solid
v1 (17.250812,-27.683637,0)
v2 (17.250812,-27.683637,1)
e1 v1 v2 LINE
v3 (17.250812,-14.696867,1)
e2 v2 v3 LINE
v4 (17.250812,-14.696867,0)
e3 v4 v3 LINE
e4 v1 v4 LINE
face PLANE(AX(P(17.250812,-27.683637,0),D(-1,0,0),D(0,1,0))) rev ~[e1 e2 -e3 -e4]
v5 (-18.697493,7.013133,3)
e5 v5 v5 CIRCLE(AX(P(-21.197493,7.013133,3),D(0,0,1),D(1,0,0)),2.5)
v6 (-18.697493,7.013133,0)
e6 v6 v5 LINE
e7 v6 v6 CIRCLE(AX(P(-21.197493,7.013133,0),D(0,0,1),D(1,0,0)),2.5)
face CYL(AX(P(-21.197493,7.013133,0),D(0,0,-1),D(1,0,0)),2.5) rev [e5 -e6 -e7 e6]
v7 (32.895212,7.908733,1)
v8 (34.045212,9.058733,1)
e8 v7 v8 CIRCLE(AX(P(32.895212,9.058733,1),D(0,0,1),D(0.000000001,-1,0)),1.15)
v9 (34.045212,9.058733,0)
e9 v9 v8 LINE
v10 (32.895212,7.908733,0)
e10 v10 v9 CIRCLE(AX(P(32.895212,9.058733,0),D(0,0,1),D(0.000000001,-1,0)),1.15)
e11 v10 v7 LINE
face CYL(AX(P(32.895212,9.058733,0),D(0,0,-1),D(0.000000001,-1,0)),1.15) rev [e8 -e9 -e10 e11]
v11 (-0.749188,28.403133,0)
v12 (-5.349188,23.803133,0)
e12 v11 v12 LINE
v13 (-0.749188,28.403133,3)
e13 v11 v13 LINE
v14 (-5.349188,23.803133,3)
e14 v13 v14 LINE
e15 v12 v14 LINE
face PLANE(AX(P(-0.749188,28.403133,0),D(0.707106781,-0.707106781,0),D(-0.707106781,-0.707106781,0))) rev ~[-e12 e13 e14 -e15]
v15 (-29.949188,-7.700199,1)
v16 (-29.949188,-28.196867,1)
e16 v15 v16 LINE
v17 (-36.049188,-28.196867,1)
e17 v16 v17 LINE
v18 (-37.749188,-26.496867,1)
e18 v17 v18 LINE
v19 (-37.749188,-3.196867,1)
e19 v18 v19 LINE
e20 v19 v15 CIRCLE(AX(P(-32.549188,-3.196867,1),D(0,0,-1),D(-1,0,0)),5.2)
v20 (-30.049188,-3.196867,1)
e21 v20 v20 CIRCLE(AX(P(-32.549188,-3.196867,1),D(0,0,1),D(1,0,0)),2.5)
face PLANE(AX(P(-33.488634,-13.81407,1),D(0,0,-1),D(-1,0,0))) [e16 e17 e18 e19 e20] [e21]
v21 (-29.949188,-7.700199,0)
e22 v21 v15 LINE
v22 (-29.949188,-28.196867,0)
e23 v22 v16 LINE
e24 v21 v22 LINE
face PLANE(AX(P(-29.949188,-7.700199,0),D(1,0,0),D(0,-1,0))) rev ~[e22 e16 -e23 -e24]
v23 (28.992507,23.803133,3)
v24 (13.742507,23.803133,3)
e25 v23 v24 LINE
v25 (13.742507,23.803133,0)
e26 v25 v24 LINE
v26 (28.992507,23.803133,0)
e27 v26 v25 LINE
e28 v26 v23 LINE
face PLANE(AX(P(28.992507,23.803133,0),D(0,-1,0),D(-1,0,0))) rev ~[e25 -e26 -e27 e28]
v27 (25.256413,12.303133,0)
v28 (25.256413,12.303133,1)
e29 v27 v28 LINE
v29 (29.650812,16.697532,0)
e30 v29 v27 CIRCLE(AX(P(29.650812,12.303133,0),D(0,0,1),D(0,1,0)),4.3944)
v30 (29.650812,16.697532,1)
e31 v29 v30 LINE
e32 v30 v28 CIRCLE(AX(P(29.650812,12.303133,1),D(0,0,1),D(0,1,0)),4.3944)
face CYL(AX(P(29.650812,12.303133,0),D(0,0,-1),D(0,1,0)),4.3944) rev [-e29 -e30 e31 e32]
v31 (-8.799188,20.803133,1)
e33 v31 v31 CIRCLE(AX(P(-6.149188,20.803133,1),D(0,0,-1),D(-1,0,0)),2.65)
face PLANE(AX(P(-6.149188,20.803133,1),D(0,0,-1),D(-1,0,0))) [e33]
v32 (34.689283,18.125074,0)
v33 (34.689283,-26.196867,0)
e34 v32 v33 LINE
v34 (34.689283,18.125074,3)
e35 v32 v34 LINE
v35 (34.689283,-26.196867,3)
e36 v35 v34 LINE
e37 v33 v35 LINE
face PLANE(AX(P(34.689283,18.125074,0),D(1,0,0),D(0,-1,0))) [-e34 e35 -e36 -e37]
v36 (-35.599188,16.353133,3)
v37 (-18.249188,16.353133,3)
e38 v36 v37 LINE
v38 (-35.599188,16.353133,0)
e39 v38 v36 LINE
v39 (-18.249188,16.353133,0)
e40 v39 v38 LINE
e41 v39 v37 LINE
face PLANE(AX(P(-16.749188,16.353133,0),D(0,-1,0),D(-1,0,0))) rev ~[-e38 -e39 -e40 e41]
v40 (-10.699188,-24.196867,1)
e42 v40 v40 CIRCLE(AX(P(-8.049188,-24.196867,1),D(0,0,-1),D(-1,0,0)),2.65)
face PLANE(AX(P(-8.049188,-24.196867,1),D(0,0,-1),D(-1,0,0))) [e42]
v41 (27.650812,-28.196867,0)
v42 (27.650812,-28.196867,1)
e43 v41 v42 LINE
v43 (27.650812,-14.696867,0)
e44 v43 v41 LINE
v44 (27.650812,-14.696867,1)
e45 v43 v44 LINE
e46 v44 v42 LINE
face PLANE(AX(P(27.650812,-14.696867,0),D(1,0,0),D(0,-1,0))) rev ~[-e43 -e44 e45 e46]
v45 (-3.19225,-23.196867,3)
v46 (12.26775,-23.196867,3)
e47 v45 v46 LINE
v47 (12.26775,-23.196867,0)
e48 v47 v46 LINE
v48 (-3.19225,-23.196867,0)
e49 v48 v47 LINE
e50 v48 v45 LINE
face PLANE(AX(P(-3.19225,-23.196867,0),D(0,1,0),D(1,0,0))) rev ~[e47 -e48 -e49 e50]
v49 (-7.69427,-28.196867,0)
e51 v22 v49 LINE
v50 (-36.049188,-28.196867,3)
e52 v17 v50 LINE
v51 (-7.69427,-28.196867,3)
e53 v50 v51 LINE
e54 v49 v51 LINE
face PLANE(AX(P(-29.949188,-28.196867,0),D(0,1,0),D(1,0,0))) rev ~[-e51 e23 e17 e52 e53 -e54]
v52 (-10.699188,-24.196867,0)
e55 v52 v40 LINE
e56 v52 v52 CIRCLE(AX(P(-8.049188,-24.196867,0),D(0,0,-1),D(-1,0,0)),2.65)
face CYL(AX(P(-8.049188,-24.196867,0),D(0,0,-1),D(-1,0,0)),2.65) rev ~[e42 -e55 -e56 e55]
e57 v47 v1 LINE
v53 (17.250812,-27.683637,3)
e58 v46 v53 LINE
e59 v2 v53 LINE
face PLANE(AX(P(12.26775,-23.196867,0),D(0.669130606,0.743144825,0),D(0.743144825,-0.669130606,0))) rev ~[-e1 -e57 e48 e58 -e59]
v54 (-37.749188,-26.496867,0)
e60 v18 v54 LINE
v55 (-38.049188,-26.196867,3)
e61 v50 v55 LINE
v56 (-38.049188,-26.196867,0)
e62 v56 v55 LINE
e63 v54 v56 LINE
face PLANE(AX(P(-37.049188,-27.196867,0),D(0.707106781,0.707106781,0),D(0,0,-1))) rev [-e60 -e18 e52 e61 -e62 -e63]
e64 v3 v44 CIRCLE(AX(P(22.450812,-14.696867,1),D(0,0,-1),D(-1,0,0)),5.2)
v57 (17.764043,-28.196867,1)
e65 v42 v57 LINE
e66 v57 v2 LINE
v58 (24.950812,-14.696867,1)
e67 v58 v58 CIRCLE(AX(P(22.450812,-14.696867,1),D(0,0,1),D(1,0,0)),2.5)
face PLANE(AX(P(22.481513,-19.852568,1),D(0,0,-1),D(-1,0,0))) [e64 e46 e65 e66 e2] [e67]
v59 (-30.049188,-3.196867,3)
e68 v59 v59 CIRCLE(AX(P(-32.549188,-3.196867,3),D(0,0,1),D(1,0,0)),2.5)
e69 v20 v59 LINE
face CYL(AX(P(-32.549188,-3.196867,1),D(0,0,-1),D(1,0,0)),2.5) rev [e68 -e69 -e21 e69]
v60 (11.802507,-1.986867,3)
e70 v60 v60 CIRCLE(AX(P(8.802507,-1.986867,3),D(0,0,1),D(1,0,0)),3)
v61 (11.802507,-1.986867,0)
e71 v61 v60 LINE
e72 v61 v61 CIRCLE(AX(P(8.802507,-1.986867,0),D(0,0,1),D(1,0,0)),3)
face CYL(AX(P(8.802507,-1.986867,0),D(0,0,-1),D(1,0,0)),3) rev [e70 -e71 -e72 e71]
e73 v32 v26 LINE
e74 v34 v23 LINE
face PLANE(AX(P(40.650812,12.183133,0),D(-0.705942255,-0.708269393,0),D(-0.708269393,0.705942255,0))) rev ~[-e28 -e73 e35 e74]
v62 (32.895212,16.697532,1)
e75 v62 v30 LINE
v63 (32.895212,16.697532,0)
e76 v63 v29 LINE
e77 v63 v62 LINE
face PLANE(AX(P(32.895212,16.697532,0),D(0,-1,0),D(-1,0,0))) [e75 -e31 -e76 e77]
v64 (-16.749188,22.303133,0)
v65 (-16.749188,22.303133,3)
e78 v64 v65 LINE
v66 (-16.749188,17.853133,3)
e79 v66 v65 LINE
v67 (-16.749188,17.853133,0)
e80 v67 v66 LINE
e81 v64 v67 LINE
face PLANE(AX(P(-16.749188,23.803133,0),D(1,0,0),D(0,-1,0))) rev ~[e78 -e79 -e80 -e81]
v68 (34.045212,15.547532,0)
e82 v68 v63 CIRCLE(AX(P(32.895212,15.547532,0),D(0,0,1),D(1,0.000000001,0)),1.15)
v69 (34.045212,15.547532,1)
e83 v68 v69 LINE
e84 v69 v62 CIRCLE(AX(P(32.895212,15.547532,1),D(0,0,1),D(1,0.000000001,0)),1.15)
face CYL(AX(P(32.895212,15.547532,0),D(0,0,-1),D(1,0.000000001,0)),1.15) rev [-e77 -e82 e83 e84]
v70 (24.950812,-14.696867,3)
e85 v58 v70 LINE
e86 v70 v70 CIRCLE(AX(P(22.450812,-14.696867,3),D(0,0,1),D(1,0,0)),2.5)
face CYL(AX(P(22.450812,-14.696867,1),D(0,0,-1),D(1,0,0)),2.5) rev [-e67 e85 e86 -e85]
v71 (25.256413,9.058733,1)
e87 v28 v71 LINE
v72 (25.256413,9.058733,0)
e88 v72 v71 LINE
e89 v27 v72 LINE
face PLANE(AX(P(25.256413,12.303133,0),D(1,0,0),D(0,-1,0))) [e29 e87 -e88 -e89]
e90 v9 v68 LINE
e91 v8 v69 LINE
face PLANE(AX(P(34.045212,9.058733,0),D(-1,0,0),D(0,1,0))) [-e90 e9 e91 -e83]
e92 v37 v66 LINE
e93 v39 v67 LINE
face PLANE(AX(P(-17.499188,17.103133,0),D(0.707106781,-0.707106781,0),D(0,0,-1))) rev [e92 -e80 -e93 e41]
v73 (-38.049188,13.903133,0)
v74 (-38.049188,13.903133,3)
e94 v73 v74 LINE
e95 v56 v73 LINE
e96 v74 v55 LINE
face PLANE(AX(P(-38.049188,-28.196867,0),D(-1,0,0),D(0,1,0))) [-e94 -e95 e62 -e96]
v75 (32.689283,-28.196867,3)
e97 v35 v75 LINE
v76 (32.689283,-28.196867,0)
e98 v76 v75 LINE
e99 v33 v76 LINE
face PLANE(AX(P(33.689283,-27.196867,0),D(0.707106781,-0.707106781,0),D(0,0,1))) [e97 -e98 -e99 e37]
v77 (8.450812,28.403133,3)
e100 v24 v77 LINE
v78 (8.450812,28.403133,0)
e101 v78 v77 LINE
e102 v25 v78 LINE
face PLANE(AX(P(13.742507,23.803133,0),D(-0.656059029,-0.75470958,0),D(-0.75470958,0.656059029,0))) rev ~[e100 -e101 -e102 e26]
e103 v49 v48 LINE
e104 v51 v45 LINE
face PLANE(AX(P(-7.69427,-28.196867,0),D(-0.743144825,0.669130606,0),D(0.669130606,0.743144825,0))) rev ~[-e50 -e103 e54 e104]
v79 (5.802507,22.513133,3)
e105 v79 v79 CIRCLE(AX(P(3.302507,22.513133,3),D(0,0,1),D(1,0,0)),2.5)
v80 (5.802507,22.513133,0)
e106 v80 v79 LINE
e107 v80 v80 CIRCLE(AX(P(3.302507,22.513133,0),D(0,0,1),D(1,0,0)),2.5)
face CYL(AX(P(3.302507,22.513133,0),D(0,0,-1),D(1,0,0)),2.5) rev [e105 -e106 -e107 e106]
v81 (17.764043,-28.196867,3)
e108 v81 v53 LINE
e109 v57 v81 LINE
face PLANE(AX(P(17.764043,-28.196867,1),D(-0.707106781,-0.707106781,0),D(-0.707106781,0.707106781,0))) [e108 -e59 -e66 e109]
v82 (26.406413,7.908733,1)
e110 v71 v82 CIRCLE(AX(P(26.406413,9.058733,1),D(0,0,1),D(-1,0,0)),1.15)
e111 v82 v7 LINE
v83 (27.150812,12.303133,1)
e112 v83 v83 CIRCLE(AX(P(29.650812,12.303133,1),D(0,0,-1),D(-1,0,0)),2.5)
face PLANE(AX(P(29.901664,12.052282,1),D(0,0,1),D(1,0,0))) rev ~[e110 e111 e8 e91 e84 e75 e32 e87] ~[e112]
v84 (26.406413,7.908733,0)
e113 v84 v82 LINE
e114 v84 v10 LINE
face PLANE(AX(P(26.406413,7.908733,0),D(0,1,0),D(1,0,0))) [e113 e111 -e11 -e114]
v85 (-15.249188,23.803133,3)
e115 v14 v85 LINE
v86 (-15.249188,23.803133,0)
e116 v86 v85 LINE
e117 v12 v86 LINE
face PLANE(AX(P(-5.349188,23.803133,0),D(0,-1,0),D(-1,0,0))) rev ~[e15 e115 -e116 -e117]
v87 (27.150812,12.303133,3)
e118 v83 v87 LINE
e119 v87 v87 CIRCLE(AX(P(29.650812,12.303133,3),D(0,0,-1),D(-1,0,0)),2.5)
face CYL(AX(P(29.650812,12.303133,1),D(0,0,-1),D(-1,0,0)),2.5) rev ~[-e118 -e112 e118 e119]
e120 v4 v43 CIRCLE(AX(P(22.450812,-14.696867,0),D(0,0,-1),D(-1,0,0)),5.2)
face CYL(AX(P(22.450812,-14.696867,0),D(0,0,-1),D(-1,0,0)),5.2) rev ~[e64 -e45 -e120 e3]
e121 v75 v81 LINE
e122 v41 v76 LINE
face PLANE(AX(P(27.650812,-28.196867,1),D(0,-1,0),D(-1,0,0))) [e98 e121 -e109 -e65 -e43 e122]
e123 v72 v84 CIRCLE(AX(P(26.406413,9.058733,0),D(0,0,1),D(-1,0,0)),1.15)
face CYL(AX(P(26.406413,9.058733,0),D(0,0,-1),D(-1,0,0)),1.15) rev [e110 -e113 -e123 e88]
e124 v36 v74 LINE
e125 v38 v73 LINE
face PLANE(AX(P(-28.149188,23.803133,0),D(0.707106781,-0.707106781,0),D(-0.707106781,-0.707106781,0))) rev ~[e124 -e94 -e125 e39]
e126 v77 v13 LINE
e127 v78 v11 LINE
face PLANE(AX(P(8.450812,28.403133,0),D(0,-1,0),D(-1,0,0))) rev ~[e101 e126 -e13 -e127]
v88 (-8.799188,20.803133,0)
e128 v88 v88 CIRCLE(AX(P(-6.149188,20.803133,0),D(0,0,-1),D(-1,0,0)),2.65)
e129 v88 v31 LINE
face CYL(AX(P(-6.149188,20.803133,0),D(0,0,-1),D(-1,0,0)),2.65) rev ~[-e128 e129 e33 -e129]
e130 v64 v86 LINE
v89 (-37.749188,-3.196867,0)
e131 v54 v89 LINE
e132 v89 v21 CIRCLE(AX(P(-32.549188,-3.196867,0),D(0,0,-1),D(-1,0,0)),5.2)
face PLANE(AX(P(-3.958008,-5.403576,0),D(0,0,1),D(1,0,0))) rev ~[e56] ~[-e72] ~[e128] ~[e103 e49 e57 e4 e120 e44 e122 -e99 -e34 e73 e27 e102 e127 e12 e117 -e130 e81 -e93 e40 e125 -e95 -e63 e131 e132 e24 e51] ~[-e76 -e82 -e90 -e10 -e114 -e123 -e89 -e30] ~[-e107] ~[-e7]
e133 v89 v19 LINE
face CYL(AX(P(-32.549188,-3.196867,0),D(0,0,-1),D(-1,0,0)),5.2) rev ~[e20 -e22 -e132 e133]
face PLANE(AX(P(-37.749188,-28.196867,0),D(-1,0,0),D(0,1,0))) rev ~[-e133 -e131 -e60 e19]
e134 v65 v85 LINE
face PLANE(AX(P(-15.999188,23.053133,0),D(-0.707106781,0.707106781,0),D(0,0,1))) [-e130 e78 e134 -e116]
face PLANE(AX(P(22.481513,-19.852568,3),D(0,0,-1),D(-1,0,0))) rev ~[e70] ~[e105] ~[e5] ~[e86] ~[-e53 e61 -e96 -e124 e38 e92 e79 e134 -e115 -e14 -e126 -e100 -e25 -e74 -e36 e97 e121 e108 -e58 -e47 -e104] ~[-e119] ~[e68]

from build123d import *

# Parameters (mm, degrees)
SKETCH_1_R          = 3
SKETCH_1_R_2        = 2.5
EXTRUDE_1_DEPTH     = 3
EXTRUDE_START       = -2
SKETCH_3_R          = 2.5
EXTRUDE_3_DEPTH     = 2
SKETCH_7_R          = 2.65
CUT_EXTRUDE_1_DEPTH = 1
CHAMFER_1_SIZE      = 1
CUT_EXTRUDE_3_REACH = 53.614
SKETCH_10_R         = 2.5
CUT_EXTRUDE_4_REACH = 53.662
CHAMFER_2_SIZE      = 1.5
CUT_EXTRUDE_5_REACH = 53.662
CHAMFER_3_SIZE      = 2


with BuildPart() as part:
    # 스케치1 → 보스-돌출1 (new body)
    with BuildSketch(Plane.XY):
        with BuildLine():
            Line((-27.349187557, -28.196867314), (-7.694270353, -28.196867314))
            Line((-7.694270353, -28.196867314), (-3.192250131, -23.196867314))
            Line((-3.192250131, -23.196867314), (12.267749869, -23.196867314))
            Line((12.267749869, -23.196867314), (17.250812443, -27.683637009))
            Line((17.250812443, -27.683637009), (17.250812443, -14.696867314))
            ThreePointArc((17.250812443, -14.696867314), (22.450812443, -9.496867314), (27.650812443, -14.696867314))
            Line((27.650812443, -14.696867314), (27.650812443, -28.196867314))
            Line((27.650812443, -28.196867314), (40.650812443, -28.196867314))
            Line((40.650812443, -28.196867314), (40.650812443, 12.183132686))
            Line((40.650812443, 12.183132686), (28.992507116, 23.803132686))
            Line((28.992507116, 23.803132686), (13.742507116, 23.803132686))
            Line((13.742507116, 23.803132686), (8.450812443, 28.403132686))
            Line((8.450812443, 28.403132686), (-0.749187557, 28.403132686))
            Line((-0.749187557, 28.403132686), (-5.349187557, 23.803132686))
            Line((-5.349187557, 23.803132686), (-28.149187557, 23.803132686))
            Line((-28.149187557, 23.803132686), (-43.049187557, 8.903132686))
            Line((-43.049187557, 8.903132686), (-43.049187557, -28.196867314))
            Line((-43.049187557, -28.196867314), (-37.749187557, -28.196867314))
            Line((-37.749187557, -28.196867314), (-37.749187557, -3.196867314))
            ThreePointArc((-37.749187557, -3.196867314), (-29.949187557, 1.306464785), (-29.949187557, -7.700199414))
            Line((-29.949187557, -7.700199414), (-29.949187557, -28.196867314))
            Line((-29.949187557, -28.196867314), (-27.349187557, -28.196867314))
        make_face()
        with Locations((8.802507116, -1.986867314)):
            Circle(SKETCH_1_R, mode=Mode.SUBTRACT)
        with Locations((-21.197492884, 7.013132686)):
            Circle(SKETCH_1_R_2, mode=Mode.SUBTRACT)
        with Locations((3.302507116, 22.513132686)):
            Circle(SKETCH_1_R_2, mode=Mode.SUBTRACT)
    extrude(amount=EXTRUDE_1_DEPTH)

    # 스케치3 → 보스-돌출3 (add)
    # profile 1 of 2: a face of its own
    with BuildSketch(Plane.XY.offset(3).offset(EXTRUDE_START)):
        with BuildLine():
            Line((27.650812443, -14.696867314), (27.650812443, -28.196867314))
            Line((27.650812443, -28.196867314), (17.764042748, -28.196867314))
            Line((17.764042748, -28.196867314), (17.250812443, -27.683637009))
            Line((17.250812443, -27.683637009), (17.250812443, -14.696867314))
            ThreePointArc((17.250812443, -14.696867314), (22.450812443, -9.496867314), (27.650812443, -14.696867314))
        make_face()
        with Locations((22.450812443, -14.696867314)):
            Circle(SKETCH_3_R, mode=Mode.SUBTRACT)
    # profile 2 of 2: a face of its own
    with BuildSketch(Plane.XY.offset(3).offset(EXTRUDE_START)):
        with BuildLine():
            Line((-29.949187557, -7.700199414), (-29.949187557, -28.196867314))
            Line((-29.949187557, -28.196867314), (-30.049187557, -28.196867314))
            Line((-30.049187557, -28.196867314), (-37.749187557, -28.196867314))
            Line((-37.749187557, -28.196867314), (-37.749187557, -3.196867314))
            ThreePointArc((-37.749187557, -3.196867314), (-29.949187557, 1.306464785), (-29.949187557, -7.700199414))
        make_face()
        with Locations((-32.549187557, -3.196867314)):
            Circle(SKETCH_3_R, mode=Mode.SUBTRACT)
    extrude(amount=EXTRUDE_3_DEPTH)

    # 스케치7 → 컷-돌출1 (cut)
    with BuildSketch(Plane(origin=(0, 0, 0), x_dir=(-1, 0, 0), z_dir=(0, 0, -1))):
        with Locations((6.149187557, 20.803132686)):
            Circle(SKETCH_7_R)
        with Locations((8.049187557, -24.196867314)):
            Circle(SKETCH_7_R)
        with BuildLine():
            Line((-26.406412787, 7.908733029), (-32.895212099, 7.908733029))
            ThreePointArc((-32.895212099, 7.908733029), (-33.708384897, 8.245560231), (-34.045212099, 9.058733029))
            Line((-34.045212099, 9.058733029), (-34.045212099, 15.547532342))
            ThreePointArc((-34.045212099, 15.547532342), (-33.708384897, 16.36070514), (-32.895212099, 16.697532342))
            Line((-32.895212099, 16.697532342), (-29.650812443, 16.697532342))
            ThreePointArc((-29.650812443, 16.697532342), (-26.543502647, 15.410442482), (-25.256412787, 12.303132686))
            Line((-25.256412787, 12.303132686), (-25.256412787, 9.058733029))
            ThreePointArc((-25.256412787, 9.058733029), (-25.593239988, 8.245560231), (-26.406412787, 7.908733029))
        make_face()
    extrude(amount=-CUT_EXTRUDE_1_DEPTH, mode=Mode.SUBTRACT)

    # 모따기1
    chamfer_1_edges = [part.edges().sort_by_distance(p)[0] for p in [
        (-43.049187557, -28.196867314, 1.5),
        (40.650812443, -28.196867314, 1.5),
    ]]
    chamfer(chamfer_1_edges, length=CHAMFER_1_SIZE)

    # 스케치10 → 컷-돌출3 (cut, up to next)
    with BuildSketch(Plane(origin=(0, 0, 1), x_dir=(-1, 0, 0), z_dir=(0, 0, -1)), mode=Mode.PRIVATE) as cut_extrude_3_sk1:
        with Locations((-29.650812443, 12.303132686)):
            Circle(SKETCH_10_R)
    cut_extrude_3_tool1 = extrude(cut_extrude_3_sk1.sketch, amount=-CUT_EXTRUDE_3_REACH, mode=Mode.PRIVATE) & part.part
    add(cut_extrude_3_tool1.solids().sort_by_distance((29.650812, 12.303133, 1))[0], mode=Mode.SUBTRACT)

    # 스케치12 → 컷-돌출4 (cut, up to next)
    with BuildSketch(Plane(origin=(0, 0, 0), x_dir=(-1, 0, 0), z_dir=(0, 0, -1)), mode=Mode.PRIVATE) as cut_extrude_4_sk1:
        Polygon((16.749187557, 23.803132686), (16.749187557, 16.353132686), (35.599187557, 16.353132686), (28.149187557, 23.803132686), align=None)
    cut_extrude_4_tool1 = extrude(cut_extrude_4_sk1.sketch, amount=-CUT_EXTRUDE_4_REACH, mode=Mode.PRIVATE) & part.part
    add(cut_extrude_4_tool1.solids().sort_by_distance((-24.464587, 19.772334, 0))[0], mode=Mode.SUBTRACT)

    # 모따기2
    chamfer_2_edges = [part.edges().sort_by_distance(p)[0] for p in [
        (-16.749187557, 23.803132686, 1.5),
        (-16.749187557, 16.353132686, 1.5),
    ]]
    chamfer(chamfer_2_edges, length=CHAMFER_2_SIZE)

    # 스케치13 → 컷-돌출5 (cut, up to next)
    with BuildSketch(Plane(origin=(0, 0, 0), x_dir=(-1, 0, 0), z_dir=(0, 0, -1)), mode=Mode.PRIVATE) as cut_extrude_5_sk1:
        Polygon((-34.689283113, 18.125074406), (-34.689283113, -28.196867314), (-39.650812443, -28.196867314), (-40.650812443, -27.196867314), (-40.650812443, 12.183132686), align=None)
    cut_extrude_5_tool1 = extrude(cut_extrude_5_sk1.sketch, amount=-CUT_EXTRUDE_5_REACH, mode=Mode.PRIVATE) & part.part
    # 스케치13 → 컷-돌출5 (cut, up to next)
    with BuildSketch(Plane(origin=(0, 0, 0), x_dir=(-1, 0, 0), z_dir=(0, 0, -1)), mode=Mode.PRIVATE) as cut_extrude_5_sk2:
        Polygon((38.049187557, 13.903132686), (43.049187557, 8.903132686), (43.049187557, -27.196867314), (42.049187557, -28.196867314), (38.049187557, -28.196867314), align=None)
    cut_extrude_5_tool2 = extrude(cut_extrude_5_sk2.sketch, amount=-CUT_EXTRUDE_5_REACH, mode=Mode.PRIVATE) & part.part
    add(cut_extrude_5_tool1.solids().sort_by_distance((37.59669, -6.446011, 0))[0], mode=Mode.SUBTRACT)
    add(cut_extrude_5_tool2.solids().sort_by_distance((-40.49096, -8.321213, 0))[0], mode=Mode.SUBTRACT)

    # 모따기3
    chamfer_3_edges = [part.edges().sort_by_distance(p)[0] for p in [
        (-38.049187557, -28.196867314, 1.5),
        (34.689283113, -28.196867314, 1.5),
    ]]
    chamfer(chamfer_3_edges, length=CHAMFER_3_SIZE)


solid = part.part
